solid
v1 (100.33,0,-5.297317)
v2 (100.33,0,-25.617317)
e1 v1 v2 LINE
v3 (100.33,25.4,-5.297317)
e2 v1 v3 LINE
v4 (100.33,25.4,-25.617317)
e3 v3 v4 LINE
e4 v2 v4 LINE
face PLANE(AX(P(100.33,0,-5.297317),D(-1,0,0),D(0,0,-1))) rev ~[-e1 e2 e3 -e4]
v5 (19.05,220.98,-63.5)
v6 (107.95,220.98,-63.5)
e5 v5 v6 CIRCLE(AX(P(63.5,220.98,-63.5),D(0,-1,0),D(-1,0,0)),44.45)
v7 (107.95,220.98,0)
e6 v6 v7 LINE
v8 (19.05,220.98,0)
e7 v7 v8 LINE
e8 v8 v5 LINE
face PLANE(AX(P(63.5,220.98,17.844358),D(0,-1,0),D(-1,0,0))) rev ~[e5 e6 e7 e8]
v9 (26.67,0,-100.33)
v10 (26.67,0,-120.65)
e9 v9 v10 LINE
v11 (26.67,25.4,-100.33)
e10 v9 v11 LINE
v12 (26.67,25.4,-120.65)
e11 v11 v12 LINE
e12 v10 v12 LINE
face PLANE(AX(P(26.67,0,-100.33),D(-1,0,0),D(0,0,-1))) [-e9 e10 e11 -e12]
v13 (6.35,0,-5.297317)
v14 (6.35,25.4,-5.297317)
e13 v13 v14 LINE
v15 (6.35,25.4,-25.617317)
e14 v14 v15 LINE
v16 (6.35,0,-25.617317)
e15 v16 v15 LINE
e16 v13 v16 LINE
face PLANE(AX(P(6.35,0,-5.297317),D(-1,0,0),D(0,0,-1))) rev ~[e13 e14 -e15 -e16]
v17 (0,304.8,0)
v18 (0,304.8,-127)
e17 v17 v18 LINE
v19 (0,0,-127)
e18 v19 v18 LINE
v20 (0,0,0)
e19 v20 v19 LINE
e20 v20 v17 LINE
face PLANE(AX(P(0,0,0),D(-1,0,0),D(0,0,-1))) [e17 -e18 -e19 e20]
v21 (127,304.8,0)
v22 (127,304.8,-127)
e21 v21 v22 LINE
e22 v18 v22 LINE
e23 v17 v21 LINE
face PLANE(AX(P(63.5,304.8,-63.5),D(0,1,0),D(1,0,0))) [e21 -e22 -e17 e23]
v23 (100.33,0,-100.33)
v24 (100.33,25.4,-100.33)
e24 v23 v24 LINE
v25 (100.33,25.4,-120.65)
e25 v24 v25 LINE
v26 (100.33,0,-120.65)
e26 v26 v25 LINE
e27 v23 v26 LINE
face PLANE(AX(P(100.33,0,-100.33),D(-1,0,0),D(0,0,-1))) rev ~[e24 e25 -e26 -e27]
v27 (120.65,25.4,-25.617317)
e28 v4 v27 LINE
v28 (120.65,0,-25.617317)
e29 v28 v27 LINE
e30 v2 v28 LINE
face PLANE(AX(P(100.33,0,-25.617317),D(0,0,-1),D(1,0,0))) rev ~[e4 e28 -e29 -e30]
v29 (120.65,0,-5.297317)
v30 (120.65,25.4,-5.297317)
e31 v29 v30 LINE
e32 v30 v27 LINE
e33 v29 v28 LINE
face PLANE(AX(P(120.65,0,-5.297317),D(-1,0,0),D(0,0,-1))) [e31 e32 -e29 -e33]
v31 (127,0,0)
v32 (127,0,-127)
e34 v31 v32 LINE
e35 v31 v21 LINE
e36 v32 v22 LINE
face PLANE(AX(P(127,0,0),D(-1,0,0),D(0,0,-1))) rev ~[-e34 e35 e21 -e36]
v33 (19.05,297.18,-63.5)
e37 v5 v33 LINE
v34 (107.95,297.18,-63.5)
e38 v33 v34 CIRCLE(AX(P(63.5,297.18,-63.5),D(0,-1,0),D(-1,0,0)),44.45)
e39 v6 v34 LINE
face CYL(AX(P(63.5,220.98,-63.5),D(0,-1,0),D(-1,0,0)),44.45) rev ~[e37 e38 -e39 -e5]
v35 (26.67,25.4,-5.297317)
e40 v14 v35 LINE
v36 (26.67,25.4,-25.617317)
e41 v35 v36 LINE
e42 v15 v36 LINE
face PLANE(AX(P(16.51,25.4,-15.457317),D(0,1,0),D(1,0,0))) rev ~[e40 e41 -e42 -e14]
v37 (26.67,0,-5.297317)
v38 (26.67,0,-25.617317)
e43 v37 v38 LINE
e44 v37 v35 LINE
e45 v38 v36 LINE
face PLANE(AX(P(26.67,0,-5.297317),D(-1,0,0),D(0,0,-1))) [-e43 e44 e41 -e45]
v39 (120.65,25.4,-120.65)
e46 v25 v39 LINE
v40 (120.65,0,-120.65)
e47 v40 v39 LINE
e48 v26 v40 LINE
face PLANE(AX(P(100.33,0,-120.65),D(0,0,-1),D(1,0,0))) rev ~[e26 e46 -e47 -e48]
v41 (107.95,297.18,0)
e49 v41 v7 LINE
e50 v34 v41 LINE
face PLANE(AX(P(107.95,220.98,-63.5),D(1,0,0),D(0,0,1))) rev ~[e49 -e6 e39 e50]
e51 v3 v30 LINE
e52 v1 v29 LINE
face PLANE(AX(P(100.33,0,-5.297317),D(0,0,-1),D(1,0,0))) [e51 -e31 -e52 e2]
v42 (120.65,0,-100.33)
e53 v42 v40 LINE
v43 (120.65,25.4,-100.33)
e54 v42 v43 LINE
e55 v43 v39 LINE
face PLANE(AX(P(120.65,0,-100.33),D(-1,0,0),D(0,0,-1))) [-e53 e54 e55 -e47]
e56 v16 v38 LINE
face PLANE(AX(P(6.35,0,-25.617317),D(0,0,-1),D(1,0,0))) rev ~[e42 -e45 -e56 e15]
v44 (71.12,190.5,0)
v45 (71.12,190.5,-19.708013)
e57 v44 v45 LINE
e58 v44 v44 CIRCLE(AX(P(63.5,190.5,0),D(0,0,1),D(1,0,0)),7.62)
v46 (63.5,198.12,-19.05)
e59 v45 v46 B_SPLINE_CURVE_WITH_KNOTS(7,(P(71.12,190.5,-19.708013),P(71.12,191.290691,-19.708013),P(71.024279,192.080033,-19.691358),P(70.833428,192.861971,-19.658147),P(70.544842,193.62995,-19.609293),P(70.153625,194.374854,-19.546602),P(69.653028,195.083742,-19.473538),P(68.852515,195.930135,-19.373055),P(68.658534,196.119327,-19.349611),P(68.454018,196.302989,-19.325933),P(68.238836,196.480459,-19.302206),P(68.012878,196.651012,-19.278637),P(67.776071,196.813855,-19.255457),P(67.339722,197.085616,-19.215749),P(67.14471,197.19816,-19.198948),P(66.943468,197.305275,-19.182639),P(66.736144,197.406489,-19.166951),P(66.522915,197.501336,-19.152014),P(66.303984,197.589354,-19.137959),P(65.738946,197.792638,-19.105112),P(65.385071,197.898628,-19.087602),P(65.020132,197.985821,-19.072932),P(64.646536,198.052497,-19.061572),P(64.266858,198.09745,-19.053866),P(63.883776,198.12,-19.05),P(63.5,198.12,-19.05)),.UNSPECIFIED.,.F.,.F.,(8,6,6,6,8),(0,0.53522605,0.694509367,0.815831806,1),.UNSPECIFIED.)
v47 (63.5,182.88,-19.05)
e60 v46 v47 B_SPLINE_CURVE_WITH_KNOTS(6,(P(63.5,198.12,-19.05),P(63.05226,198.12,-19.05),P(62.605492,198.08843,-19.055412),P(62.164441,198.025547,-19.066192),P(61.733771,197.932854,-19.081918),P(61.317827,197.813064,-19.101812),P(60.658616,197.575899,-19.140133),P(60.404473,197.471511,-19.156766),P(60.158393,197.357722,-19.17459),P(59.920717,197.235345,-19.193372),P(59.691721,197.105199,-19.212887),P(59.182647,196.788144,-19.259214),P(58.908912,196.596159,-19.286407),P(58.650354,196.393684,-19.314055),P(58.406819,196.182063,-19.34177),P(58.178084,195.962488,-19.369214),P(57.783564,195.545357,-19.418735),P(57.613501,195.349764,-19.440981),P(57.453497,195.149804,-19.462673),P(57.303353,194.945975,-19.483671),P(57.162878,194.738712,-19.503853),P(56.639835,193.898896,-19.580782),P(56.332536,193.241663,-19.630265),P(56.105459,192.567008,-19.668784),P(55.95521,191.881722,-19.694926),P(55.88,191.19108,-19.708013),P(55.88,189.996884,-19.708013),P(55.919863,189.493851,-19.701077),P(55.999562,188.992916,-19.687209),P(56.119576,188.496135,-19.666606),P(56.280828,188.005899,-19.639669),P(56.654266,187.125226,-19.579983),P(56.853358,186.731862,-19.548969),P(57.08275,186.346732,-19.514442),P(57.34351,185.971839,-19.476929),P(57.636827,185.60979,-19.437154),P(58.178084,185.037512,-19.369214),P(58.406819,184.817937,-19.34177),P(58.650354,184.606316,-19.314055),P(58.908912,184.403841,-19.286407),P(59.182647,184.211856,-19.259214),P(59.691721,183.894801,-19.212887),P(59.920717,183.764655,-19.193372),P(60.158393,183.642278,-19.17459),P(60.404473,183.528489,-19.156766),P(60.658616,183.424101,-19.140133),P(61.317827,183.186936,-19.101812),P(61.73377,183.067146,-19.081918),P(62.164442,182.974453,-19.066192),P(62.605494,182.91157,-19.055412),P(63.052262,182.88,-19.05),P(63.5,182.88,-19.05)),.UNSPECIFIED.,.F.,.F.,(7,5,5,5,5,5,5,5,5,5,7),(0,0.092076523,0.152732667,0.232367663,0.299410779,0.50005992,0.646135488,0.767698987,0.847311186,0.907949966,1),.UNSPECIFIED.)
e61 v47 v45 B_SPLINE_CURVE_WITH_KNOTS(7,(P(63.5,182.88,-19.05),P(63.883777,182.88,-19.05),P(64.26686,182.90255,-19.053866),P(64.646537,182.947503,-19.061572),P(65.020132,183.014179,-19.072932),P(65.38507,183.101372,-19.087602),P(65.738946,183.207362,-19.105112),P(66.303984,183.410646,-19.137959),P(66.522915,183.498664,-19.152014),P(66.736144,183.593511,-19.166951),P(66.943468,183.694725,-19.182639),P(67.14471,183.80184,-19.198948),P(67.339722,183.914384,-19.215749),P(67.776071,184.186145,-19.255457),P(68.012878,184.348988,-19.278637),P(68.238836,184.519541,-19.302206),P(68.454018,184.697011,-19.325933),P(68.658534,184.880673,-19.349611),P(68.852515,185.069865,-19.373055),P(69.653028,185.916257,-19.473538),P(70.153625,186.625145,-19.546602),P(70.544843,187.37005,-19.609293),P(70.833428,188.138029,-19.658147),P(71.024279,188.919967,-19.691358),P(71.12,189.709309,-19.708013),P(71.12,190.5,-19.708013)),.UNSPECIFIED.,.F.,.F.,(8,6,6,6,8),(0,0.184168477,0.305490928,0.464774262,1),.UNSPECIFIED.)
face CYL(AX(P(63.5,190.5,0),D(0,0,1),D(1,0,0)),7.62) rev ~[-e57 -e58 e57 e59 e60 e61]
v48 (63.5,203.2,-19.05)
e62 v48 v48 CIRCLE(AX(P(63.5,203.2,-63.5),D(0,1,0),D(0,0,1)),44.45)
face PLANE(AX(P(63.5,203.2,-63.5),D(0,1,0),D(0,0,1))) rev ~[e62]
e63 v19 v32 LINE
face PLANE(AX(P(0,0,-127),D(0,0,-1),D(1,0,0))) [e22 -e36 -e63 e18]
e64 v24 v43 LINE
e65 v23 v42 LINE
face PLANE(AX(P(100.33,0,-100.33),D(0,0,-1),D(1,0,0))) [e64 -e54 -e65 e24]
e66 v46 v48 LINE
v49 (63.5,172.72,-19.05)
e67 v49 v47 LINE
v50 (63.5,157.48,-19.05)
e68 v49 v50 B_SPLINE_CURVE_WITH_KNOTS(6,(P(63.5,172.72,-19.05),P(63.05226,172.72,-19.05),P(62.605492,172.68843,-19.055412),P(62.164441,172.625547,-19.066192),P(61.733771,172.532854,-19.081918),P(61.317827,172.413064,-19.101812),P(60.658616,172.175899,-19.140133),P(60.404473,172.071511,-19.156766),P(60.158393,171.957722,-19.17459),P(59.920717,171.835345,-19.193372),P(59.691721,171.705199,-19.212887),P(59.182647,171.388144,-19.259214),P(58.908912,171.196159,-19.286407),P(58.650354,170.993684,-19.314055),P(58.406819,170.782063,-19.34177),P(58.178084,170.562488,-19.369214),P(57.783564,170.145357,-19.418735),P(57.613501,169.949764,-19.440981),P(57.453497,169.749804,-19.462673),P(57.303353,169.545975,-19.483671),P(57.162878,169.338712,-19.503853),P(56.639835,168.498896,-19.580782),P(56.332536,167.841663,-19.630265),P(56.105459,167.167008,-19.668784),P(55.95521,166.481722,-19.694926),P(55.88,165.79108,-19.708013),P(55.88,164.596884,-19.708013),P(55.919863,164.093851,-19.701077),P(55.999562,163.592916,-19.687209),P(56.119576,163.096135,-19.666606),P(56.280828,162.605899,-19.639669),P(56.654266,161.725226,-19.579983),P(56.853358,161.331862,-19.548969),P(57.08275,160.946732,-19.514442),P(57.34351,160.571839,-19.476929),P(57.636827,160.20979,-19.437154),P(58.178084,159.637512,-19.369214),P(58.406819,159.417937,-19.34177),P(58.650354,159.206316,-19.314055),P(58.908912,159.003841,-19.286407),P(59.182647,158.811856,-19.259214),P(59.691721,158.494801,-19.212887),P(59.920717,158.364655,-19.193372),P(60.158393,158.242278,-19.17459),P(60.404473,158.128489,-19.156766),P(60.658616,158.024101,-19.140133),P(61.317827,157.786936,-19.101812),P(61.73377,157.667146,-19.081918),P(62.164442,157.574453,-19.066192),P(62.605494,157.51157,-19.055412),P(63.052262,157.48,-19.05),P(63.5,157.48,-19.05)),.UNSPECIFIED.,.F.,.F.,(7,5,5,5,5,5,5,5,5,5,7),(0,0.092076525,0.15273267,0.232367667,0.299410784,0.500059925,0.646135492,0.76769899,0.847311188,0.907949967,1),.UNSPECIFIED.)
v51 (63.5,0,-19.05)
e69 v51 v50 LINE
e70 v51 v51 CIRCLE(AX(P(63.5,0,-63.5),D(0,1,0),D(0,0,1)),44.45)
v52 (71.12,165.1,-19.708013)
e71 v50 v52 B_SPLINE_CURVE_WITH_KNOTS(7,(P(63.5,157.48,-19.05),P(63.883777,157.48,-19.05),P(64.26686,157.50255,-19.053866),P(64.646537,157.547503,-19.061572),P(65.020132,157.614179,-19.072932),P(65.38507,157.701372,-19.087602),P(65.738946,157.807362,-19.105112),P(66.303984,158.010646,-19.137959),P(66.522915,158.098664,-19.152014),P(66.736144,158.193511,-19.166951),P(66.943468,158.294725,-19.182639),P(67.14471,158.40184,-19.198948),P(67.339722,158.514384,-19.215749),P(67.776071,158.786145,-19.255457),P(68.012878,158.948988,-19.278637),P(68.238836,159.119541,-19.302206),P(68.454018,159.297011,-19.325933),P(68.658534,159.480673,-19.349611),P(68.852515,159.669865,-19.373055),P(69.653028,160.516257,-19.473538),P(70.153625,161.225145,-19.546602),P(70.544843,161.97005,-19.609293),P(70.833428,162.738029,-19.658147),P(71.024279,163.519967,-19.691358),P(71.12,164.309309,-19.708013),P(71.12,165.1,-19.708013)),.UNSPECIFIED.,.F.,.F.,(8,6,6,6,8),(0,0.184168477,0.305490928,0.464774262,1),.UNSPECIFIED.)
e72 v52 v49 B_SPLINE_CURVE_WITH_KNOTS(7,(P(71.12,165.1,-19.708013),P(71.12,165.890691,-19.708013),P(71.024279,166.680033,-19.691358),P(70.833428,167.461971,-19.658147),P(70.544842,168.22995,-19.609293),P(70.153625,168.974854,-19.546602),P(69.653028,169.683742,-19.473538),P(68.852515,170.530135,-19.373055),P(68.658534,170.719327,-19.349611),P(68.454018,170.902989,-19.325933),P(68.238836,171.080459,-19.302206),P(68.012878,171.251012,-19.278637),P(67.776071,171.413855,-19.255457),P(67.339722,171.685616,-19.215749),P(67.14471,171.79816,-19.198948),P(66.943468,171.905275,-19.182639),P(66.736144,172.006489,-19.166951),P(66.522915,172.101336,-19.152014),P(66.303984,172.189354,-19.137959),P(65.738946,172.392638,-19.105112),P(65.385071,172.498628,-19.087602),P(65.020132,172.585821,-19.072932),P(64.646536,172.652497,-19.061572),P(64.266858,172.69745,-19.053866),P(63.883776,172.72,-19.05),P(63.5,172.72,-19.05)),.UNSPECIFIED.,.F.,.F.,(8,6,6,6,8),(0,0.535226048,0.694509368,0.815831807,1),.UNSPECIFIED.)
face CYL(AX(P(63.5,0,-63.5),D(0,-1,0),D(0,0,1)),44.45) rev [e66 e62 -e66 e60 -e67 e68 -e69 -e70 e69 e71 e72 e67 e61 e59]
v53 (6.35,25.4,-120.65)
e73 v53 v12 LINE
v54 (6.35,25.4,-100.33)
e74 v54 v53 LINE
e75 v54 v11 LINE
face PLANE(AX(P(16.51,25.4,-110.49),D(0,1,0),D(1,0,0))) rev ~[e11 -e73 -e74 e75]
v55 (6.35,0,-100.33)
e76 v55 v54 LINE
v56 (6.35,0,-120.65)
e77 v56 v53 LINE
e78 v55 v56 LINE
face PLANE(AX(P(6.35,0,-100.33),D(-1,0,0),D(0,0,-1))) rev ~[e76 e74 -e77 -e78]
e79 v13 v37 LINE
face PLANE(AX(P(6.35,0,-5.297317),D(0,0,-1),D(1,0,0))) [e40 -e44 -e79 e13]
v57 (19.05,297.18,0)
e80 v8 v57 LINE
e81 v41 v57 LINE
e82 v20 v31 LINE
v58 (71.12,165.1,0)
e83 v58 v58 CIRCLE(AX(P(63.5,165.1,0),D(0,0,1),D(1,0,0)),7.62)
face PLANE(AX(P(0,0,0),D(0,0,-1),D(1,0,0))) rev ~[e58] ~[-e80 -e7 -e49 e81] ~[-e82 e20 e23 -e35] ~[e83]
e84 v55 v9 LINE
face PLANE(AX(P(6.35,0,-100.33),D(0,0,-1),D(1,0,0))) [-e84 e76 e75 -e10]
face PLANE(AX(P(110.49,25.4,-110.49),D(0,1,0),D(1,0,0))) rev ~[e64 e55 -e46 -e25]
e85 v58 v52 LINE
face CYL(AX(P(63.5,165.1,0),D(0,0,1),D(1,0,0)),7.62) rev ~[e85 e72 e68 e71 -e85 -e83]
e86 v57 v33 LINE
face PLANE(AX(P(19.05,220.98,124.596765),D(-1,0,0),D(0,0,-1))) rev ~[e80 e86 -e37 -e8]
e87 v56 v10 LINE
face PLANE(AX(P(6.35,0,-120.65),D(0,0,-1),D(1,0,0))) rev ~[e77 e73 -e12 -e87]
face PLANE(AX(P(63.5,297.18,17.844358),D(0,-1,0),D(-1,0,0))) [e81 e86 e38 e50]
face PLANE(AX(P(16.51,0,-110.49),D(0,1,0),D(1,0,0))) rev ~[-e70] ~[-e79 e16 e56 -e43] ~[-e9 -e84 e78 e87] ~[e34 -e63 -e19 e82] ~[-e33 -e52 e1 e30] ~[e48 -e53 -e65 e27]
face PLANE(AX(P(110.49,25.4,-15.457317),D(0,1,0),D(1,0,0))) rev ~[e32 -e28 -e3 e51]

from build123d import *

# Parameters (mm, degrees)
SKETCH5_W           = 127
SKETCH5_H           = 127
BOSS_EXTRUDE1_DEPTH = 304.8
SKETCH6_R           = 44.45
CUT_EXTRUDE1_DEPTH  = 203.2
SKETCH5_3_W         = 20.32
SKETCH5_3_H         = 20.32
CUT_EXTRUDE2_DEPTH  = 25.4
CUT_EXTRUDE3_START  = -76.2
CUT_EXTRUDE3_DEPTH  = 76.2
SKETCH9_R           = 7.62
CUT_EXTRUDE4_DEPTH  = 56.642


with BuildPart() as part:
    # Sketch5 → Boss-Extrude1 (new body)
    with BuildSketch(Plane(origin=(0, 0, 0), x_dir=(1, 0, 0), z_dir=(0, 1, 0))):
        with Locations((63.5, 63.5)):
            Rectangle(SKETCH5_W, SKETCH5_H)
    extrude(amount=BOSS_EXTRUDE1_DEPTH)

    # Sketch6 → Cut-Extrude1 (cut)
    with BuildSketch(Plane(origin=(0, 0, 0), x_dir=(1, 0, 0), z_dir=(0, 1, 0))):
        with Locations((63.5, 63.5)):
            Circle(SKETCH6_R)
    extrude(amount=CUT_EXTRUDE1_DEPTH, mode=Mode.SUBTRACT)

    # Sketch5<3> → Cut-Extrude2 (cut)
    with BuildSketch(Plane(origin=(0, 0, 0), x_dir=(1, 0, 0), z_dir=(0, 1, 0))):
        with Locations((110.49, 15.457317153)):
            Rectangle(SKETCH5_3_W, SKETCH5_3_H)
        with Locations((16.51, 15.457317153)):
            Rectangle(SKETCH5_3_W, SKETCH5_3_H)
        with Locations((110.49, 110.49)):
            Rectangle(SKETCH5_3_W, SKETCH5_3_H)
        with Locations((16.51, 110.49)):
            Rectangle(SKETCH5_3_W, SKETCH5_3_H)
    extrude(amount=CUT_EXTRUDE2_DEPTH, mode=Mode.SUBTRACT)

    # Sketch7 → Cut-Extrude3 (cut)
    with BuildSketch(Plane(origin=(0, 297.18, 0), x_dir=(1, 0, 0), z_dir=(0, 1, 0)).offset(CUT_EXTRUDE3_START)):
        with BuildLine():
            Line((107.95, 63.5), (107.95, -124.596764807))
            Line((107.95, -124.596764807), (19.05, -124.596764807))
            Line((19.05, -124.596764807), (19.05, 63.5))
            ThreePointArc((19.05, 63.5), (63.5, 107.95), (107.95, 63.5))
        make_face()
    extrude(amount=CUT_EXTRUDE3_DEPTH, mode=Mode.SUBTRACT)

    # Sketch9 → Cut-Extrude4 (cut)
    with BuildSketch(Plane.XY):
        with Locations((63.5, 190.5)):
            Circle(SKETCH9_R)
        with Locations((63.5, 165.1)):
            Circle(SKETCH9_R)
    extrude(amount=-CUT_EXTRUDE4_DEPTH, mode=Mode.SUBTRACT)


solid = part.part
